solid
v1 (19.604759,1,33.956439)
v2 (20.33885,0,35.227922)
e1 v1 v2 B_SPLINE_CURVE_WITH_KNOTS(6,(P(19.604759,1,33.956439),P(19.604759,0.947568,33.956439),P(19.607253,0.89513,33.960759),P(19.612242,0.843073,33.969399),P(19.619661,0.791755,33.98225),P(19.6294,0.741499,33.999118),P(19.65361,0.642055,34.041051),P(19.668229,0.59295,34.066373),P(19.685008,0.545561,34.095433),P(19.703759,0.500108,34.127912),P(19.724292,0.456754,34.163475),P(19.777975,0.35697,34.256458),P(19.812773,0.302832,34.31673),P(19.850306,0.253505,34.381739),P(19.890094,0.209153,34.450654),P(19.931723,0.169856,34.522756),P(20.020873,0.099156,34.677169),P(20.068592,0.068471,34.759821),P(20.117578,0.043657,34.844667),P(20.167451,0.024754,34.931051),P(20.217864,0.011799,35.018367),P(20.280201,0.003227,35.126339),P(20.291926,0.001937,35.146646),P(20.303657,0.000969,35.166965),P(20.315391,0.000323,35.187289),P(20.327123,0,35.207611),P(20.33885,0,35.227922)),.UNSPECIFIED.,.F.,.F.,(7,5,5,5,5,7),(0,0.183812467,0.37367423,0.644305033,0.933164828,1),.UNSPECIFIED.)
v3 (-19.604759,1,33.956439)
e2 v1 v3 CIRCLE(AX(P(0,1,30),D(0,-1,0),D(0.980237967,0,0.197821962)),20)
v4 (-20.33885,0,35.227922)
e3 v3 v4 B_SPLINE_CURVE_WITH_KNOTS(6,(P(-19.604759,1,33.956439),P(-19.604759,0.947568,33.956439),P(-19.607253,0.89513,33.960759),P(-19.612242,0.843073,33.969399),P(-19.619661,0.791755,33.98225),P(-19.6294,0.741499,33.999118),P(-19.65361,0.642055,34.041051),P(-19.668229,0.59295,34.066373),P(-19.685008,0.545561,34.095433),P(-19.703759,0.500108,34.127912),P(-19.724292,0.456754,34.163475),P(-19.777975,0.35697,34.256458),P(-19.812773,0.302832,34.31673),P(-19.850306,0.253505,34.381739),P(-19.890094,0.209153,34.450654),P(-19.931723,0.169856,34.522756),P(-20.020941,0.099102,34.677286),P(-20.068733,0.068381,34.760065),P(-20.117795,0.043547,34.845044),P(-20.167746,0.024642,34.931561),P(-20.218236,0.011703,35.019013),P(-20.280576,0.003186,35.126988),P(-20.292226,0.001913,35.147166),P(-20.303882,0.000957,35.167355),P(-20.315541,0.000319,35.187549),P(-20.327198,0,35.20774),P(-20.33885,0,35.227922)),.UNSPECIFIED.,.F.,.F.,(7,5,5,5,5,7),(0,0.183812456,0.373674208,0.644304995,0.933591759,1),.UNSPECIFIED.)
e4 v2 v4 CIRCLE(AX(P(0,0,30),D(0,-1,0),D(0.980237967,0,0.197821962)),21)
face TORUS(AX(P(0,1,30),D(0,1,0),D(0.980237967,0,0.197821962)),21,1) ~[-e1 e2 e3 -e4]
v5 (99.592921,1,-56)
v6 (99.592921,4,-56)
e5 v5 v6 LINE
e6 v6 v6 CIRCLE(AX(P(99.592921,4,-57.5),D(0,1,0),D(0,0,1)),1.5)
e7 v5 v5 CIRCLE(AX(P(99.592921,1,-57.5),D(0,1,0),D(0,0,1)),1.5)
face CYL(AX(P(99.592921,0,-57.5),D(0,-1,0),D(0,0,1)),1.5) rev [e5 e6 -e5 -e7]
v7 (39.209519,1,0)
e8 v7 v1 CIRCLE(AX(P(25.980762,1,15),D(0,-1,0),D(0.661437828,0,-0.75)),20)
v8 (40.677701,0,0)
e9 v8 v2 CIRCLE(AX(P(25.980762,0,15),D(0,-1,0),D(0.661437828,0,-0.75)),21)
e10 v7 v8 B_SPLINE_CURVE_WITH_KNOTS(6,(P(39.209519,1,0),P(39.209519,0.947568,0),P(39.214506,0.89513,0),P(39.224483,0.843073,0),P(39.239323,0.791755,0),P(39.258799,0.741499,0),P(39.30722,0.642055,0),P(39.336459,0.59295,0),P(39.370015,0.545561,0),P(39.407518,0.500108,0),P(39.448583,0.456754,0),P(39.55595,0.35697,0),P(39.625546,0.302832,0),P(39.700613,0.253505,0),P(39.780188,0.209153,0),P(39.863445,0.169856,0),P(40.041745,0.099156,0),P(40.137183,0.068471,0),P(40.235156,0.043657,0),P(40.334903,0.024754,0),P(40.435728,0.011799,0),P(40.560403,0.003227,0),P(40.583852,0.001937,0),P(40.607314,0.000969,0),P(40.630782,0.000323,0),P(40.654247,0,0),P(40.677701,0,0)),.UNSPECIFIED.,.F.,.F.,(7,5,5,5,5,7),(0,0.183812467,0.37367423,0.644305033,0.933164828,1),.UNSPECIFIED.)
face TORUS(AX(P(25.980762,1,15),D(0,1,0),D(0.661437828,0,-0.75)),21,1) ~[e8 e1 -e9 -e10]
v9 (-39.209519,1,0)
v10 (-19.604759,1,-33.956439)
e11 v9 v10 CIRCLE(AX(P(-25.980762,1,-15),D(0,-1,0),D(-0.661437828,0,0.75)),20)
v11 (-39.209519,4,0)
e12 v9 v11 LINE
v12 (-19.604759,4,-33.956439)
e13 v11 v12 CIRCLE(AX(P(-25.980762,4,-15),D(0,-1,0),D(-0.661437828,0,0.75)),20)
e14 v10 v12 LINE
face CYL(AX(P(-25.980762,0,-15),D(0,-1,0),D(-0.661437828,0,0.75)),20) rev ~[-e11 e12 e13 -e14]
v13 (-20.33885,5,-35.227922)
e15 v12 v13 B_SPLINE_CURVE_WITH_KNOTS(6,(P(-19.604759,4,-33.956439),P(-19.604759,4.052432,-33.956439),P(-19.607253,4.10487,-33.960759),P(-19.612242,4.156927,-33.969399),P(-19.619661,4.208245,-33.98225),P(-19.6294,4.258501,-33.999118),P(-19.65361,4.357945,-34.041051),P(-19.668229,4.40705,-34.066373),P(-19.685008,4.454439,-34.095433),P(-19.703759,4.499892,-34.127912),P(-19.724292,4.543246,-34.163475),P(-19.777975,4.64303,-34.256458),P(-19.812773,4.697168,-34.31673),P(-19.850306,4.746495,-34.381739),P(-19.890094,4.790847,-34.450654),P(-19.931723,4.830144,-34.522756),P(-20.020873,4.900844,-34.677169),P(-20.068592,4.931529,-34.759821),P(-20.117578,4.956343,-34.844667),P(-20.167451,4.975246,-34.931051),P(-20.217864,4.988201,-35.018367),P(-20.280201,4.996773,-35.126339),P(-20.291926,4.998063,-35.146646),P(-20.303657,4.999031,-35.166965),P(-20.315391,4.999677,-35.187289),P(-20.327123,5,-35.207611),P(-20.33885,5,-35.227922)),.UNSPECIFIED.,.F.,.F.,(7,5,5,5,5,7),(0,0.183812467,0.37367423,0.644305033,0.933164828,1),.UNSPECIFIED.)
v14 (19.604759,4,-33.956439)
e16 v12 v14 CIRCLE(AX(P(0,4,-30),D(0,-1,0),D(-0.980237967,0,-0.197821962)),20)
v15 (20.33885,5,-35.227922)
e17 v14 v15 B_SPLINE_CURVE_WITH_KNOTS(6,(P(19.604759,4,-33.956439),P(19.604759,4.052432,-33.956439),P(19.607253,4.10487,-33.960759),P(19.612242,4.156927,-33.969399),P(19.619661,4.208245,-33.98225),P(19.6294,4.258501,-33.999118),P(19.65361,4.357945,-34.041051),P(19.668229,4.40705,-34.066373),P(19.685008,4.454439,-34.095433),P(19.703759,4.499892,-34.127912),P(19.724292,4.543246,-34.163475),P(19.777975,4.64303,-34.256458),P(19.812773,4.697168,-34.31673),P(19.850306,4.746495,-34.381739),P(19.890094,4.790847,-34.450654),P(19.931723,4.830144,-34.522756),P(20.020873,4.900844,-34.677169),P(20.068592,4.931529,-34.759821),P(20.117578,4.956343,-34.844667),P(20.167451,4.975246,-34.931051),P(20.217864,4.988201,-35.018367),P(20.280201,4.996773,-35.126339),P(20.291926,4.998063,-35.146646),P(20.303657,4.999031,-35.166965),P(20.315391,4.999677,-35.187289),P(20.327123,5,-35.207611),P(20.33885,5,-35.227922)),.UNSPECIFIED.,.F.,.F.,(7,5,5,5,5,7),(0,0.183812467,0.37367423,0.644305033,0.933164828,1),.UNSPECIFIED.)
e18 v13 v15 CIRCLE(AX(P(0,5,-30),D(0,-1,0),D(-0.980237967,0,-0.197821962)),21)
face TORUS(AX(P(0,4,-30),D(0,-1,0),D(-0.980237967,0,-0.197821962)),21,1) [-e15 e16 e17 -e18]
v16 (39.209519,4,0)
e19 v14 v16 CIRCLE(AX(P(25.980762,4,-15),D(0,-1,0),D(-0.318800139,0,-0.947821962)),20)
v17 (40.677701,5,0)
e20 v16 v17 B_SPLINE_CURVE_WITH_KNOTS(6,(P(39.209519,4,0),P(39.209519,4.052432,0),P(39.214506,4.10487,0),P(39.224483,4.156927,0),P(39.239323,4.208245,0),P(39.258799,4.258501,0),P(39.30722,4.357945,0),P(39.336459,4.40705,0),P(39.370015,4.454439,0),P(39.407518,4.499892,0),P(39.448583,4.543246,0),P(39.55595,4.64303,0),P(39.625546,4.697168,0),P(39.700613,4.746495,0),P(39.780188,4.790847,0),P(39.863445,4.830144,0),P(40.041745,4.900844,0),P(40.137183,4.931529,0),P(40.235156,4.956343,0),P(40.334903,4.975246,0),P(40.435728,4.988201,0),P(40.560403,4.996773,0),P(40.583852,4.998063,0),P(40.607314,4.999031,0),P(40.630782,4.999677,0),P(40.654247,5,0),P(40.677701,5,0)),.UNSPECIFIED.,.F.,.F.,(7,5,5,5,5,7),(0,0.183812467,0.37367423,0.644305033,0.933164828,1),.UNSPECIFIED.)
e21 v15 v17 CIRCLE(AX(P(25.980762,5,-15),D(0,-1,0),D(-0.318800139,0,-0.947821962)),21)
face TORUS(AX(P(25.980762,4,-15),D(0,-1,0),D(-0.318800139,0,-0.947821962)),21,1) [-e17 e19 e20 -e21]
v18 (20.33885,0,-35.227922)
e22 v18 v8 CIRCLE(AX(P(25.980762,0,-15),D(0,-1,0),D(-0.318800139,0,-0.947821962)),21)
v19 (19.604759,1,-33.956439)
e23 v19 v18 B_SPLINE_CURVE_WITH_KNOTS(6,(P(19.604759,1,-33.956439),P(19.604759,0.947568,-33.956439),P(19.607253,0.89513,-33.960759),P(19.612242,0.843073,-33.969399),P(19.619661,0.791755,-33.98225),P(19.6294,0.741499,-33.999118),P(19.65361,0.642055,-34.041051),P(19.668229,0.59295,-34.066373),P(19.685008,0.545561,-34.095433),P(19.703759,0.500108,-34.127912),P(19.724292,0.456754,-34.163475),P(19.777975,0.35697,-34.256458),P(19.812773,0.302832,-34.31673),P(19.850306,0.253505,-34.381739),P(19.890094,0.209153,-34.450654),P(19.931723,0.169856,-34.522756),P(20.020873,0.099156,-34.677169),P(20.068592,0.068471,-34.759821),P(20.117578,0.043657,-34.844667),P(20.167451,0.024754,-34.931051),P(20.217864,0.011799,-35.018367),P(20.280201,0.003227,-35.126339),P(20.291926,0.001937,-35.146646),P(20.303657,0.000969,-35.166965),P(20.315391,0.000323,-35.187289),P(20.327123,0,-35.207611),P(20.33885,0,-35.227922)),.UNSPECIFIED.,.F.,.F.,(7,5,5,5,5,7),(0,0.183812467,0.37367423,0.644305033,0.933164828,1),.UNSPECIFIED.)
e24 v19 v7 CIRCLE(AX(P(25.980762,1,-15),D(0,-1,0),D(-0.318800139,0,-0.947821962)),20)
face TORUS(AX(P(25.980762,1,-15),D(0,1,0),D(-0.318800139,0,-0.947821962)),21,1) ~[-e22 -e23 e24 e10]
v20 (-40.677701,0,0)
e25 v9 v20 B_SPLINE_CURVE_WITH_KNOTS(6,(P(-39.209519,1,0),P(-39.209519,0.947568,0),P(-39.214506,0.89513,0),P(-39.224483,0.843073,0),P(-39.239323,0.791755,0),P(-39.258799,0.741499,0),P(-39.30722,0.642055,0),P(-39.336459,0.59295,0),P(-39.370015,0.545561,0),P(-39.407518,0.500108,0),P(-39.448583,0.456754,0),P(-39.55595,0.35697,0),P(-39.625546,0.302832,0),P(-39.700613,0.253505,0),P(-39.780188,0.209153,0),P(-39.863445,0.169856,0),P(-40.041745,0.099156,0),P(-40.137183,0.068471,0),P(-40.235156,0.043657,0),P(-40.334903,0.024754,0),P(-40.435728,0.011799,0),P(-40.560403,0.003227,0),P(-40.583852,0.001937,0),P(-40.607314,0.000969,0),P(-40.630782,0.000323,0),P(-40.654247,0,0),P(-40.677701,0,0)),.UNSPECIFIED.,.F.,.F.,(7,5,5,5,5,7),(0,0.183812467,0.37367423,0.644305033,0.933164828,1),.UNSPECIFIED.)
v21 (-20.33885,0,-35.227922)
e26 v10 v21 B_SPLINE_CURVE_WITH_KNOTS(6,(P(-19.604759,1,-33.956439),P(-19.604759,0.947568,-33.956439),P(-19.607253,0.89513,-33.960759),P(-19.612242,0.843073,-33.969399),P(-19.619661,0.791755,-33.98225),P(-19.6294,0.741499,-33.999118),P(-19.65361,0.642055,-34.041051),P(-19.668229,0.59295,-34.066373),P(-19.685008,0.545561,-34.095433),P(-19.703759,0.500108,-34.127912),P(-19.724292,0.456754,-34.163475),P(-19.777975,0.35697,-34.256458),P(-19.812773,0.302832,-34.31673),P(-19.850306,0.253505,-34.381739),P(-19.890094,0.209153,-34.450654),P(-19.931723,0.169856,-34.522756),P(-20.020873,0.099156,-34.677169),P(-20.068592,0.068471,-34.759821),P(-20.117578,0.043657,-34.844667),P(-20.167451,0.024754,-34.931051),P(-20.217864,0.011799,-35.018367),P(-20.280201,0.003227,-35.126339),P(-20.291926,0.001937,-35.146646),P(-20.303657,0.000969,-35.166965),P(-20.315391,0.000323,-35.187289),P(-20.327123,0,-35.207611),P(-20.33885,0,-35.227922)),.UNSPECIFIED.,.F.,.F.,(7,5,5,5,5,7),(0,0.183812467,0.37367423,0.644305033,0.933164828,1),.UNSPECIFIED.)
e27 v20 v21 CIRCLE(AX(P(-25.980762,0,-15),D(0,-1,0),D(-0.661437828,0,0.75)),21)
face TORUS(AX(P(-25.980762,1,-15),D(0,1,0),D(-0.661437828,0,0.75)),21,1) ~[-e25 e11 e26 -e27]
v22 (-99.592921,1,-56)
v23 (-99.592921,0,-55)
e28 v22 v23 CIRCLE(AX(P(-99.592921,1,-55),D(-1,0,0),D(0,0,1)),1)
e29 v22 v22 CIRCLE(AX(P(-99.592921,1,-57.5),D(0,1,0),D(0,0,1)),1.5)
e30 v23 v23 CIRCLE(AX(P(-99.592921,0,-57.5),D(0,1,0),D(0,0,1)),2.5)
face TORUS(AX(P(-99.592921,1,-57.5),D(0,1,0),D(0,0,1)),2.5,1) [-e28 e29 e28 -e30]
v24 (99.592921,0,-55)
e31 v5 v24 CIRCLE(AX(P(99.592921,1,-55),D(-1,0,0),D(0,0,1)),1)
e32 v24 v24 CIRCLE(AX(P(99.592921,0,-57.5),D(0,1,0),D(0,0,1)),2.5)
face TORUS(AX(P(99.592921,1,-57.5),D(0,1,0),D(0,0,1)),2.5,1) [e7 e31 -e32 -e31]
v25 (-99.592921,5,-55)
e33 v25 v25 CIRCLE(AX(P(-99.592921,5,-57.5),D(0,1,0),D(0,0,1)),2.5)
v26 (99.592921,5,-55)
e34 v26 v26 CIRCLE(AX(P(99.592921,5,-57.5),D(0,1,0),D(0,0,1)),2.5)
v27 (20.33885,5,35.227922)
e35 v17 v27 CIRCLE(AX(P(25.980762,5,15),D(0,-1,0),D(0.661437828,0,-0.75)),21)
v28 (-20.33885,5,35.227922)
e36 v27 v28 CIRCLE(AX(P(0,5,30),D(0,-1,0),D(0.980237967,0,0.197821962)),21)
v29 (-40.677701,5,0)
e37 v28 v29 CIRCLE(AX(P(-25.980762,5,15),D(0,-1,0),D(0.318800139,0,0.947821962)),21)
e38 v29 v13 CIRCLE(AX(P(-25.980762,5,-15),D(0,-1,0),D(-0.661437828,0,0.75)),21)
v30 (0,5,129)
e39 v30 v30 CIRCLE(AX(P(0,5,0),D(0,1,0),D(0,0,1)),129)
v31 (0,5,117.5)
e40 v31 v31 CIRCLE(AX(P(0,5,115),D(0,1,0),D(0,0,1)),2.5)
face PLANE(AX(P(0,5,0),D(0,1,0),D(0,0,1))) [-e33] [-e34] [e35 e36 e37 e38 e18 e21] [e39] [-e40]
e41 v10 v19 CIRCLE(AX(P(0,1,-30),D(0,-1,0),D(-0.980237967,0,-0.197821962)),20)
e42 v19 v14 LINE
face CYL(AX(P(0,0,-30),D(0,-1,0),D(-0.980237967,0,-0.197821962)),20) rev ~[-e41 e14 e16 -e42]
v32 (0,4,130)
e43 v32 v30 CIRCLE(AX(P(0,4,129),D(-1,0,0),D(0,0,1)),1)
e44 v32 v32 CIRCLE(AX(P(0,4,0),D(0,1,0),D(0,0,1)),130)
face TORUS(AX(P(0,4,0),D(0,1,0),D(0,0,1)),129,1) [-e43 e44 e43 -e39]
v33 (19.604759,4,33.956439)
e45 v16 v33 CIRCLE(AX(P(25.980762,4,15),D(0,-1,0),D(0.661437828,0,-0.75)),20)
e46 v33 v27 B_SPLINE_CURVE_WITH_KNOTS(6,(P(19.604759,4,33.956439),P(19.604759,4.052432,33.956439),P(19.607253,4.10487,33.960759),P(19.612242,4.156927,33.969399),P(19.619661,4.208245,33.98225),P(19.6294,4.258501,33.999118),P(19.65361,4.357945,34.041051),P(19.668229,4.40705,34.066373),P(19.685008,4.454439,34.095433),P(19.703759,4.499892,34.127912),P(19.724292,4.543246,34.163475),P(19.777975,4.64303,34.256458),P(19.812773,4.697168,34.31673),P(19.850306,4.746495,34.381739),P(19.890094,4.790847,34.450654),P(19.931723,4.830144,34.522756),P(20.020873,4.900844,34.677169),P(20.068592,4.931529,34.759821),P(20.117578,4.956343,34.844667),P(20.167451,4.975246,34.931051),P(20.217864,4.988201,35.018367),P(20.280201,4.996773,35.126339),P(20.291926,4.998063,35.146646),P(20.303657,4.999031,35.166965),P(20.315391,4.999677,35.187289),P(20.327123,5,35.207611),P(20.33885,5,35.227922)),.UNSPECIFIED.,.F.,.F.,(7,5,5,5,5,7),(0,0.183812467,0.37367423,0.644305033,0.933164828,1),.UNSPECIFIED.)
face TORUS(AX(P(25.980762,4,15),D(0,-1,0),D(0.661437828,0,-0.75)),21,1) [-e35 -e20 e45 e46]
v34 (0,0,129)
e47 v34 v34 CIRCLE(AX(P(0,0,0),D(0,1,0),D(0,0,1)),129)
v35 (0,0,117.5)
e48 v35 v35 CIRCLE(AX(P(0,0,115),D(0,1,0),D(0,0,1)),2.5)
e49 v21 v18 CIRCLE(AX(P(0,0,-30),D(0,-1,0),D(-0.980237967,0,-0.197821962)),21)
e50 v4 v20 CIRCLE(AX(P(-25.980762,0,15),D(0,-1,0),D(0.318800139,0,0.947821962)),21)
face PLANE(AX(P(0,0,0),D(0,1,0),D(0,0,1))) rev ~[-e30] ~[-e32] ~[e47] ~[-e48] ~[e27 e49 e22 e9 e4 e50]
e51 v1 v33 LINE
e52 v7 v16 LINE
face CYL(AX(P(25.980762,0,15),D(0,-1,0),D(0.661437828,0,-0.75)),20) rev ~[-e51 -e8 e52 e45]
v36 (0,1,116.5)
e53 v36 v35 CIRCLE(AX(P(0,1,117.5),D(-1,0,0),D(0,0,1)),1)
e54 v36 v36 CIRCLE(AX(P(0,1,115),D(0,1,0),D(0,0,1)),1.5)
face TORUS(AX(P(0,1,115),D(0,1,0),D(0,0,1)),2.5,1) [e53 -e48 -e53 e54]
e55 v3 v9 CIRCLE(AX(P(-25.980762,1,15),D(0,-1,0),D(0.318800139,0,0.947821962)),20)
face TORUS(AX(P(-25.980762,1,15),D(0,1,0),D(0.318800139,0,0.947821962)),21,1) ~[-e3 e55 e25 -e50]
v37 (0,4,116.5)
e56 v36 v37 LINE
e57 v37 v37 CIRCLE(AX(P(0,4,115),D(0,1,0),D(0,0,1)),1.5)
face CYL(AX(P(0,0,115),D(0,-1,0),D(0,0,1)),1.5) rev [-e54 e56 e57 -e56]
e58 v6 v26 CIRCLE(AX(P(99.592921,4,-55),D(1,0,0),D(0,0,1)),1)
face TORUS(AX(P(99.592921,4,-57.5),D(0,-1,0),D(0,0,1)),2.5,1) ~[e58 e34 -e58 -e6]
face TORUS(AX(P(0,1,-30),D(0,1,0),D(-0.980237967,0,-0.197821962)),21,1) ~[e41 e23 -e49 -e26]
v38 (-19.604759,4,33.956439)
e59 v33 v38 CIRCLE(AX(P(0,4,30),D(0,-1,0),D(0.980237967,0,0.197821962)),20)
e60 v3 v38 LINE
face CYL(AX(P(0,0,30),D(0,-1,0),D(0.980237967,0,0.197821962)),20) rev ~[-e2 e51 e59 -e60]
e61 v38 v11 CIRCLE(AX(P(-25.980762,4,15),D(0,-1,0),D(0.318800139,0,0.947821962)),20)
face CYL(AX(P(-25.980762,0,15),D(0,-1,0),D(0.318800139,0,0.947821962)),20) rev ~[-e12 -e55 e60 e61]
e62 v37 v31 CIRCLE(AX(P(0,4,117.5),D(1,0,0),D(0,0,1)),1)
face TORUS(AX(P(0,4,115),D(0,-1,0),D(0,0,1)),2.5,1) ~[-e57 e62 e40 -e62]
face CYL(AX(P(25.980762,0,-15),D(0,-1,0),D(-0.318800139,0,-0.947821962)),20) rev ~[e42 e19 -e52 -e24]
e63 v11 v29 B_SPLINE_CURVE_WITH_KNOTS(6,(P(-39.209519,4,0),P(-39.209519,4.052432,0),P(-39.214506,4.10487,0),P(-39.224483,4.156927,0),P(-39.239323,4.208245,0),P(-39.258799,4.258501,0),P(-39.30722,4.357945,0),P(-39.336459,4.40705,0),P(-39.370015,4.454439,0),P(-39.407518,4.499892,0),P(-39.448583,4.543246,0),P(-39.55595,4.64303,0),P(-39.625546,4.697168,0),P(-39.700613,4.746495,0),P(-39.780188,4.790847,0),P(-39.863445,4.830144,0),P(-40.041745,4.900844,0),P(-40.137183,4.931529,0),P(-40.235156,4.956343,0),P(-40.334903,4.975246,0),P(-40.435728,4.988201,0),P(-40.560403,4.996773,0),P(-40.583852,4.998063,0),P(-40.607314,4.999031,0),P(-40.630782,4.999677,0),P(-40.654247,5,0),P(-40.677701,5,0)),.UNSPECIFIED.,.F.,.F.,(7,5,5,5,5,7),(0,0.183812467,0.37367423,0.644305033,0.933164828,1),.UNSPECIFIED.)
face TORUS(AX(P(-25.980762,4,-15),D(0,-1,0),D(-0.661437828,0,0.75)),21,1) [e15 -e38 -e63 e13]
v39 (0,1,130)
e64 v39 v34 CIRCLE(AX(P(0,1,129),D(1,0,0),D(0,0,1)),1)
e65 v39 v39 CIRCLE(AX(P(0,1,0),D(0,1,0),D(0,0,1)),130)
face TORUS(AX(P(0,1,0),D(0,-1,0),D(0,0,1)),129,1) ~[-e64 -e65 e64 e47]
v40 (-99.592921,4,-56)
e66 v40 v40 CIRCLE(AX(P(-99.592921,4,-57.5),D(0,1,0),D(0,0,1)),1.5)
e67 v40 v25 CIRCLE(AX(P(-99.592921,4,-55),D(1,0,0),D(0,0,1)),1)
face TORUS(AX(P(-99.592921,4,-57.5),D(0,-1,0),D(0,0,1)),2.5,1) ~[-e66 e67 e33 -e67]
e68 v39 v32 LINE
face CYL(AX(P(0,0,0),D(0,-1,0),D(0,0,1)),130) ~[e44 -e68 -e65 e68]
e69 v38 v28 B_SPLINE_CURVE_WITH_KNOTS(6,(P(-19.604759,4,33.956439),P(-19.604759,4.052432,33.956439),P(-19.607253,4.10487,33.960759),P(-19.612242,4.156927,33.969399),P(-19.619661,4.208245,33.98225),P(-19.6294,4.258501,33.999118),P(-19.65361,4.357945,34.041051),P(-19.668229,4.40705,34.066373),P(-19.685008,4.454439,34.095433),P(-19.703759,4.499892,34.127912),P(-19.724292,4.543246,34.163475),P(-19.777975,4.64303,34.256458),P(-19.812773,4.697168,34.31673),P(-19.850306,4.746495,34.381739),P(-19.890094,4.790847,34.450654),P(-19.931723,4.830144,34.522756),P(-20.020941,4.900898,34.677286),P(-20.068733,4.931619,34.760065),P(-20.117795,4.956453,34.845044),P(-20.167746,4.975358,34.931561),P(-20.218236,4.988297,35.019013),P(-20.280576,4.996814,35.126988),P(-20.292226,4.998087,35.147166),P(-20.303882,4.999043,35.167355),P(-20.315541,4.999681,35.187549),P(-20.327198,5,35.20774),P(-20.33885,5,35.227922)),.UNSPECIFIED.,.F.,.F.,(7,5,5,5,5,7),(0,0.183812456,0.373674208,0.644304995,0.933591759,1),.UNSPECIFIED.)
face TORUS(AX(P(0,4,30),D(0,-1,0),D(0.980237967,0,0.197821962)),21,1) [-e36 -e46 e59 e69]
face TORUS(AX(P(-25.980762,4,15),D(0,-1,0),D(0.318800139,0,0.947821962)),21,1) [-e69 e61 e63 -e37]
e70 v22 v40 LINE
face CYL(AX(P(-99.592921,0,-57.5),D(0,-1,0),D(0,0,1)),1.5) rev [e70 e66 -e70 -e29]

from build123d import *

# Parameters (mm, degrees)
SKETCH1_R           = 130
SKETCH1_R_2         = 1.5
BOSS_EXTRUDE1_DEPTH = 5
FILLET1_R           = 1


with BuildPart() as part:
    # Sketch1 → Boss-Extrude1 (new body)
    with BuildSketch(Plane(origin=(0, 0, 0), x_dir=(1, 0, 0), z_dir=(0, 1, 0))):
        with Locations(Location((0, 0, 0), (0, 0, 270))):
            Circle(SKETCH1_R)
        with Locations(Location((0, -115, 0), (0, 0, 270))):
            Circle(SKETCH1_R_2, mode=Mode.SUBTRACT)
        with BuildLine():
            ThreePointArc((19.604759334, -33.956439237), (0, -50), (-19.604759334, -33.956439237))
            ThreePointArc((-19.604759334, -33.956439237), (-43.301270189, -25), (-39.209518669, 0))
            ThreePointArc((-39.209518669, 0), (-43.301270189, 25), (-19.604759334, 33.956439237))
            ThreePointArc((-19.604759334, 33.956439237), (0, 50), (19.604759334, 33.956439237))
            ThreePointArc((19.604759334, 33.956439237), (43.301270189, 25), (39.209518669, 0))
            ThreePointArc((39.209518669, 0), (43.301270189, -25), (19.604759334, -33.956439237))
        make_face(mode=Mode.SUBTRACT)
        with Locations(Location((-99.592921435, 57.5, 0), (0, 0, 270))):
            Circle(SKETCH1_R_2, mode=Mode.SUBTRACT)
        with Locations(Location((99.592921435, 57.5, 0), (0, 0, 270))):
            Circle(SKETCH1_R_2, mode=Mode.SUBTRACT)
    extrude(amount=BOSS_EXTRUDE1_DEPTH)

    # Fillet1
    fillet1_edges = [part.edges().sort_by_distance(p)[0] for p in [
        (-43.301270189, 5, 25),
        (-43.301270189, 5, -25),
        (0, 0, -130),
        (0, 5, -50),
        (-99.592921435, 0, -59),
        (99.592921435, 0, -59),
        (0, 0, 113.5),
        (0, 0, 50),
        (43.301270189, 5, -25),
        (43.301270189, 0, 25),
        (43.301270189, 0, -25),
        (0, 0, -50),
        (-43.301270189, 0, -25),
        (-43.301270189, 0, 25),
        (43.301270189, 5, 25),
        (0, 5, 50),
        (0, 5, 113.5),
        (99.592921435, 5, -59),
        (-99.592921435, 5, -59),
        (0, 5, -130),
    ]]
    fillet(fillet1_edges, radius=FILLET1_R)


solid = part.part
